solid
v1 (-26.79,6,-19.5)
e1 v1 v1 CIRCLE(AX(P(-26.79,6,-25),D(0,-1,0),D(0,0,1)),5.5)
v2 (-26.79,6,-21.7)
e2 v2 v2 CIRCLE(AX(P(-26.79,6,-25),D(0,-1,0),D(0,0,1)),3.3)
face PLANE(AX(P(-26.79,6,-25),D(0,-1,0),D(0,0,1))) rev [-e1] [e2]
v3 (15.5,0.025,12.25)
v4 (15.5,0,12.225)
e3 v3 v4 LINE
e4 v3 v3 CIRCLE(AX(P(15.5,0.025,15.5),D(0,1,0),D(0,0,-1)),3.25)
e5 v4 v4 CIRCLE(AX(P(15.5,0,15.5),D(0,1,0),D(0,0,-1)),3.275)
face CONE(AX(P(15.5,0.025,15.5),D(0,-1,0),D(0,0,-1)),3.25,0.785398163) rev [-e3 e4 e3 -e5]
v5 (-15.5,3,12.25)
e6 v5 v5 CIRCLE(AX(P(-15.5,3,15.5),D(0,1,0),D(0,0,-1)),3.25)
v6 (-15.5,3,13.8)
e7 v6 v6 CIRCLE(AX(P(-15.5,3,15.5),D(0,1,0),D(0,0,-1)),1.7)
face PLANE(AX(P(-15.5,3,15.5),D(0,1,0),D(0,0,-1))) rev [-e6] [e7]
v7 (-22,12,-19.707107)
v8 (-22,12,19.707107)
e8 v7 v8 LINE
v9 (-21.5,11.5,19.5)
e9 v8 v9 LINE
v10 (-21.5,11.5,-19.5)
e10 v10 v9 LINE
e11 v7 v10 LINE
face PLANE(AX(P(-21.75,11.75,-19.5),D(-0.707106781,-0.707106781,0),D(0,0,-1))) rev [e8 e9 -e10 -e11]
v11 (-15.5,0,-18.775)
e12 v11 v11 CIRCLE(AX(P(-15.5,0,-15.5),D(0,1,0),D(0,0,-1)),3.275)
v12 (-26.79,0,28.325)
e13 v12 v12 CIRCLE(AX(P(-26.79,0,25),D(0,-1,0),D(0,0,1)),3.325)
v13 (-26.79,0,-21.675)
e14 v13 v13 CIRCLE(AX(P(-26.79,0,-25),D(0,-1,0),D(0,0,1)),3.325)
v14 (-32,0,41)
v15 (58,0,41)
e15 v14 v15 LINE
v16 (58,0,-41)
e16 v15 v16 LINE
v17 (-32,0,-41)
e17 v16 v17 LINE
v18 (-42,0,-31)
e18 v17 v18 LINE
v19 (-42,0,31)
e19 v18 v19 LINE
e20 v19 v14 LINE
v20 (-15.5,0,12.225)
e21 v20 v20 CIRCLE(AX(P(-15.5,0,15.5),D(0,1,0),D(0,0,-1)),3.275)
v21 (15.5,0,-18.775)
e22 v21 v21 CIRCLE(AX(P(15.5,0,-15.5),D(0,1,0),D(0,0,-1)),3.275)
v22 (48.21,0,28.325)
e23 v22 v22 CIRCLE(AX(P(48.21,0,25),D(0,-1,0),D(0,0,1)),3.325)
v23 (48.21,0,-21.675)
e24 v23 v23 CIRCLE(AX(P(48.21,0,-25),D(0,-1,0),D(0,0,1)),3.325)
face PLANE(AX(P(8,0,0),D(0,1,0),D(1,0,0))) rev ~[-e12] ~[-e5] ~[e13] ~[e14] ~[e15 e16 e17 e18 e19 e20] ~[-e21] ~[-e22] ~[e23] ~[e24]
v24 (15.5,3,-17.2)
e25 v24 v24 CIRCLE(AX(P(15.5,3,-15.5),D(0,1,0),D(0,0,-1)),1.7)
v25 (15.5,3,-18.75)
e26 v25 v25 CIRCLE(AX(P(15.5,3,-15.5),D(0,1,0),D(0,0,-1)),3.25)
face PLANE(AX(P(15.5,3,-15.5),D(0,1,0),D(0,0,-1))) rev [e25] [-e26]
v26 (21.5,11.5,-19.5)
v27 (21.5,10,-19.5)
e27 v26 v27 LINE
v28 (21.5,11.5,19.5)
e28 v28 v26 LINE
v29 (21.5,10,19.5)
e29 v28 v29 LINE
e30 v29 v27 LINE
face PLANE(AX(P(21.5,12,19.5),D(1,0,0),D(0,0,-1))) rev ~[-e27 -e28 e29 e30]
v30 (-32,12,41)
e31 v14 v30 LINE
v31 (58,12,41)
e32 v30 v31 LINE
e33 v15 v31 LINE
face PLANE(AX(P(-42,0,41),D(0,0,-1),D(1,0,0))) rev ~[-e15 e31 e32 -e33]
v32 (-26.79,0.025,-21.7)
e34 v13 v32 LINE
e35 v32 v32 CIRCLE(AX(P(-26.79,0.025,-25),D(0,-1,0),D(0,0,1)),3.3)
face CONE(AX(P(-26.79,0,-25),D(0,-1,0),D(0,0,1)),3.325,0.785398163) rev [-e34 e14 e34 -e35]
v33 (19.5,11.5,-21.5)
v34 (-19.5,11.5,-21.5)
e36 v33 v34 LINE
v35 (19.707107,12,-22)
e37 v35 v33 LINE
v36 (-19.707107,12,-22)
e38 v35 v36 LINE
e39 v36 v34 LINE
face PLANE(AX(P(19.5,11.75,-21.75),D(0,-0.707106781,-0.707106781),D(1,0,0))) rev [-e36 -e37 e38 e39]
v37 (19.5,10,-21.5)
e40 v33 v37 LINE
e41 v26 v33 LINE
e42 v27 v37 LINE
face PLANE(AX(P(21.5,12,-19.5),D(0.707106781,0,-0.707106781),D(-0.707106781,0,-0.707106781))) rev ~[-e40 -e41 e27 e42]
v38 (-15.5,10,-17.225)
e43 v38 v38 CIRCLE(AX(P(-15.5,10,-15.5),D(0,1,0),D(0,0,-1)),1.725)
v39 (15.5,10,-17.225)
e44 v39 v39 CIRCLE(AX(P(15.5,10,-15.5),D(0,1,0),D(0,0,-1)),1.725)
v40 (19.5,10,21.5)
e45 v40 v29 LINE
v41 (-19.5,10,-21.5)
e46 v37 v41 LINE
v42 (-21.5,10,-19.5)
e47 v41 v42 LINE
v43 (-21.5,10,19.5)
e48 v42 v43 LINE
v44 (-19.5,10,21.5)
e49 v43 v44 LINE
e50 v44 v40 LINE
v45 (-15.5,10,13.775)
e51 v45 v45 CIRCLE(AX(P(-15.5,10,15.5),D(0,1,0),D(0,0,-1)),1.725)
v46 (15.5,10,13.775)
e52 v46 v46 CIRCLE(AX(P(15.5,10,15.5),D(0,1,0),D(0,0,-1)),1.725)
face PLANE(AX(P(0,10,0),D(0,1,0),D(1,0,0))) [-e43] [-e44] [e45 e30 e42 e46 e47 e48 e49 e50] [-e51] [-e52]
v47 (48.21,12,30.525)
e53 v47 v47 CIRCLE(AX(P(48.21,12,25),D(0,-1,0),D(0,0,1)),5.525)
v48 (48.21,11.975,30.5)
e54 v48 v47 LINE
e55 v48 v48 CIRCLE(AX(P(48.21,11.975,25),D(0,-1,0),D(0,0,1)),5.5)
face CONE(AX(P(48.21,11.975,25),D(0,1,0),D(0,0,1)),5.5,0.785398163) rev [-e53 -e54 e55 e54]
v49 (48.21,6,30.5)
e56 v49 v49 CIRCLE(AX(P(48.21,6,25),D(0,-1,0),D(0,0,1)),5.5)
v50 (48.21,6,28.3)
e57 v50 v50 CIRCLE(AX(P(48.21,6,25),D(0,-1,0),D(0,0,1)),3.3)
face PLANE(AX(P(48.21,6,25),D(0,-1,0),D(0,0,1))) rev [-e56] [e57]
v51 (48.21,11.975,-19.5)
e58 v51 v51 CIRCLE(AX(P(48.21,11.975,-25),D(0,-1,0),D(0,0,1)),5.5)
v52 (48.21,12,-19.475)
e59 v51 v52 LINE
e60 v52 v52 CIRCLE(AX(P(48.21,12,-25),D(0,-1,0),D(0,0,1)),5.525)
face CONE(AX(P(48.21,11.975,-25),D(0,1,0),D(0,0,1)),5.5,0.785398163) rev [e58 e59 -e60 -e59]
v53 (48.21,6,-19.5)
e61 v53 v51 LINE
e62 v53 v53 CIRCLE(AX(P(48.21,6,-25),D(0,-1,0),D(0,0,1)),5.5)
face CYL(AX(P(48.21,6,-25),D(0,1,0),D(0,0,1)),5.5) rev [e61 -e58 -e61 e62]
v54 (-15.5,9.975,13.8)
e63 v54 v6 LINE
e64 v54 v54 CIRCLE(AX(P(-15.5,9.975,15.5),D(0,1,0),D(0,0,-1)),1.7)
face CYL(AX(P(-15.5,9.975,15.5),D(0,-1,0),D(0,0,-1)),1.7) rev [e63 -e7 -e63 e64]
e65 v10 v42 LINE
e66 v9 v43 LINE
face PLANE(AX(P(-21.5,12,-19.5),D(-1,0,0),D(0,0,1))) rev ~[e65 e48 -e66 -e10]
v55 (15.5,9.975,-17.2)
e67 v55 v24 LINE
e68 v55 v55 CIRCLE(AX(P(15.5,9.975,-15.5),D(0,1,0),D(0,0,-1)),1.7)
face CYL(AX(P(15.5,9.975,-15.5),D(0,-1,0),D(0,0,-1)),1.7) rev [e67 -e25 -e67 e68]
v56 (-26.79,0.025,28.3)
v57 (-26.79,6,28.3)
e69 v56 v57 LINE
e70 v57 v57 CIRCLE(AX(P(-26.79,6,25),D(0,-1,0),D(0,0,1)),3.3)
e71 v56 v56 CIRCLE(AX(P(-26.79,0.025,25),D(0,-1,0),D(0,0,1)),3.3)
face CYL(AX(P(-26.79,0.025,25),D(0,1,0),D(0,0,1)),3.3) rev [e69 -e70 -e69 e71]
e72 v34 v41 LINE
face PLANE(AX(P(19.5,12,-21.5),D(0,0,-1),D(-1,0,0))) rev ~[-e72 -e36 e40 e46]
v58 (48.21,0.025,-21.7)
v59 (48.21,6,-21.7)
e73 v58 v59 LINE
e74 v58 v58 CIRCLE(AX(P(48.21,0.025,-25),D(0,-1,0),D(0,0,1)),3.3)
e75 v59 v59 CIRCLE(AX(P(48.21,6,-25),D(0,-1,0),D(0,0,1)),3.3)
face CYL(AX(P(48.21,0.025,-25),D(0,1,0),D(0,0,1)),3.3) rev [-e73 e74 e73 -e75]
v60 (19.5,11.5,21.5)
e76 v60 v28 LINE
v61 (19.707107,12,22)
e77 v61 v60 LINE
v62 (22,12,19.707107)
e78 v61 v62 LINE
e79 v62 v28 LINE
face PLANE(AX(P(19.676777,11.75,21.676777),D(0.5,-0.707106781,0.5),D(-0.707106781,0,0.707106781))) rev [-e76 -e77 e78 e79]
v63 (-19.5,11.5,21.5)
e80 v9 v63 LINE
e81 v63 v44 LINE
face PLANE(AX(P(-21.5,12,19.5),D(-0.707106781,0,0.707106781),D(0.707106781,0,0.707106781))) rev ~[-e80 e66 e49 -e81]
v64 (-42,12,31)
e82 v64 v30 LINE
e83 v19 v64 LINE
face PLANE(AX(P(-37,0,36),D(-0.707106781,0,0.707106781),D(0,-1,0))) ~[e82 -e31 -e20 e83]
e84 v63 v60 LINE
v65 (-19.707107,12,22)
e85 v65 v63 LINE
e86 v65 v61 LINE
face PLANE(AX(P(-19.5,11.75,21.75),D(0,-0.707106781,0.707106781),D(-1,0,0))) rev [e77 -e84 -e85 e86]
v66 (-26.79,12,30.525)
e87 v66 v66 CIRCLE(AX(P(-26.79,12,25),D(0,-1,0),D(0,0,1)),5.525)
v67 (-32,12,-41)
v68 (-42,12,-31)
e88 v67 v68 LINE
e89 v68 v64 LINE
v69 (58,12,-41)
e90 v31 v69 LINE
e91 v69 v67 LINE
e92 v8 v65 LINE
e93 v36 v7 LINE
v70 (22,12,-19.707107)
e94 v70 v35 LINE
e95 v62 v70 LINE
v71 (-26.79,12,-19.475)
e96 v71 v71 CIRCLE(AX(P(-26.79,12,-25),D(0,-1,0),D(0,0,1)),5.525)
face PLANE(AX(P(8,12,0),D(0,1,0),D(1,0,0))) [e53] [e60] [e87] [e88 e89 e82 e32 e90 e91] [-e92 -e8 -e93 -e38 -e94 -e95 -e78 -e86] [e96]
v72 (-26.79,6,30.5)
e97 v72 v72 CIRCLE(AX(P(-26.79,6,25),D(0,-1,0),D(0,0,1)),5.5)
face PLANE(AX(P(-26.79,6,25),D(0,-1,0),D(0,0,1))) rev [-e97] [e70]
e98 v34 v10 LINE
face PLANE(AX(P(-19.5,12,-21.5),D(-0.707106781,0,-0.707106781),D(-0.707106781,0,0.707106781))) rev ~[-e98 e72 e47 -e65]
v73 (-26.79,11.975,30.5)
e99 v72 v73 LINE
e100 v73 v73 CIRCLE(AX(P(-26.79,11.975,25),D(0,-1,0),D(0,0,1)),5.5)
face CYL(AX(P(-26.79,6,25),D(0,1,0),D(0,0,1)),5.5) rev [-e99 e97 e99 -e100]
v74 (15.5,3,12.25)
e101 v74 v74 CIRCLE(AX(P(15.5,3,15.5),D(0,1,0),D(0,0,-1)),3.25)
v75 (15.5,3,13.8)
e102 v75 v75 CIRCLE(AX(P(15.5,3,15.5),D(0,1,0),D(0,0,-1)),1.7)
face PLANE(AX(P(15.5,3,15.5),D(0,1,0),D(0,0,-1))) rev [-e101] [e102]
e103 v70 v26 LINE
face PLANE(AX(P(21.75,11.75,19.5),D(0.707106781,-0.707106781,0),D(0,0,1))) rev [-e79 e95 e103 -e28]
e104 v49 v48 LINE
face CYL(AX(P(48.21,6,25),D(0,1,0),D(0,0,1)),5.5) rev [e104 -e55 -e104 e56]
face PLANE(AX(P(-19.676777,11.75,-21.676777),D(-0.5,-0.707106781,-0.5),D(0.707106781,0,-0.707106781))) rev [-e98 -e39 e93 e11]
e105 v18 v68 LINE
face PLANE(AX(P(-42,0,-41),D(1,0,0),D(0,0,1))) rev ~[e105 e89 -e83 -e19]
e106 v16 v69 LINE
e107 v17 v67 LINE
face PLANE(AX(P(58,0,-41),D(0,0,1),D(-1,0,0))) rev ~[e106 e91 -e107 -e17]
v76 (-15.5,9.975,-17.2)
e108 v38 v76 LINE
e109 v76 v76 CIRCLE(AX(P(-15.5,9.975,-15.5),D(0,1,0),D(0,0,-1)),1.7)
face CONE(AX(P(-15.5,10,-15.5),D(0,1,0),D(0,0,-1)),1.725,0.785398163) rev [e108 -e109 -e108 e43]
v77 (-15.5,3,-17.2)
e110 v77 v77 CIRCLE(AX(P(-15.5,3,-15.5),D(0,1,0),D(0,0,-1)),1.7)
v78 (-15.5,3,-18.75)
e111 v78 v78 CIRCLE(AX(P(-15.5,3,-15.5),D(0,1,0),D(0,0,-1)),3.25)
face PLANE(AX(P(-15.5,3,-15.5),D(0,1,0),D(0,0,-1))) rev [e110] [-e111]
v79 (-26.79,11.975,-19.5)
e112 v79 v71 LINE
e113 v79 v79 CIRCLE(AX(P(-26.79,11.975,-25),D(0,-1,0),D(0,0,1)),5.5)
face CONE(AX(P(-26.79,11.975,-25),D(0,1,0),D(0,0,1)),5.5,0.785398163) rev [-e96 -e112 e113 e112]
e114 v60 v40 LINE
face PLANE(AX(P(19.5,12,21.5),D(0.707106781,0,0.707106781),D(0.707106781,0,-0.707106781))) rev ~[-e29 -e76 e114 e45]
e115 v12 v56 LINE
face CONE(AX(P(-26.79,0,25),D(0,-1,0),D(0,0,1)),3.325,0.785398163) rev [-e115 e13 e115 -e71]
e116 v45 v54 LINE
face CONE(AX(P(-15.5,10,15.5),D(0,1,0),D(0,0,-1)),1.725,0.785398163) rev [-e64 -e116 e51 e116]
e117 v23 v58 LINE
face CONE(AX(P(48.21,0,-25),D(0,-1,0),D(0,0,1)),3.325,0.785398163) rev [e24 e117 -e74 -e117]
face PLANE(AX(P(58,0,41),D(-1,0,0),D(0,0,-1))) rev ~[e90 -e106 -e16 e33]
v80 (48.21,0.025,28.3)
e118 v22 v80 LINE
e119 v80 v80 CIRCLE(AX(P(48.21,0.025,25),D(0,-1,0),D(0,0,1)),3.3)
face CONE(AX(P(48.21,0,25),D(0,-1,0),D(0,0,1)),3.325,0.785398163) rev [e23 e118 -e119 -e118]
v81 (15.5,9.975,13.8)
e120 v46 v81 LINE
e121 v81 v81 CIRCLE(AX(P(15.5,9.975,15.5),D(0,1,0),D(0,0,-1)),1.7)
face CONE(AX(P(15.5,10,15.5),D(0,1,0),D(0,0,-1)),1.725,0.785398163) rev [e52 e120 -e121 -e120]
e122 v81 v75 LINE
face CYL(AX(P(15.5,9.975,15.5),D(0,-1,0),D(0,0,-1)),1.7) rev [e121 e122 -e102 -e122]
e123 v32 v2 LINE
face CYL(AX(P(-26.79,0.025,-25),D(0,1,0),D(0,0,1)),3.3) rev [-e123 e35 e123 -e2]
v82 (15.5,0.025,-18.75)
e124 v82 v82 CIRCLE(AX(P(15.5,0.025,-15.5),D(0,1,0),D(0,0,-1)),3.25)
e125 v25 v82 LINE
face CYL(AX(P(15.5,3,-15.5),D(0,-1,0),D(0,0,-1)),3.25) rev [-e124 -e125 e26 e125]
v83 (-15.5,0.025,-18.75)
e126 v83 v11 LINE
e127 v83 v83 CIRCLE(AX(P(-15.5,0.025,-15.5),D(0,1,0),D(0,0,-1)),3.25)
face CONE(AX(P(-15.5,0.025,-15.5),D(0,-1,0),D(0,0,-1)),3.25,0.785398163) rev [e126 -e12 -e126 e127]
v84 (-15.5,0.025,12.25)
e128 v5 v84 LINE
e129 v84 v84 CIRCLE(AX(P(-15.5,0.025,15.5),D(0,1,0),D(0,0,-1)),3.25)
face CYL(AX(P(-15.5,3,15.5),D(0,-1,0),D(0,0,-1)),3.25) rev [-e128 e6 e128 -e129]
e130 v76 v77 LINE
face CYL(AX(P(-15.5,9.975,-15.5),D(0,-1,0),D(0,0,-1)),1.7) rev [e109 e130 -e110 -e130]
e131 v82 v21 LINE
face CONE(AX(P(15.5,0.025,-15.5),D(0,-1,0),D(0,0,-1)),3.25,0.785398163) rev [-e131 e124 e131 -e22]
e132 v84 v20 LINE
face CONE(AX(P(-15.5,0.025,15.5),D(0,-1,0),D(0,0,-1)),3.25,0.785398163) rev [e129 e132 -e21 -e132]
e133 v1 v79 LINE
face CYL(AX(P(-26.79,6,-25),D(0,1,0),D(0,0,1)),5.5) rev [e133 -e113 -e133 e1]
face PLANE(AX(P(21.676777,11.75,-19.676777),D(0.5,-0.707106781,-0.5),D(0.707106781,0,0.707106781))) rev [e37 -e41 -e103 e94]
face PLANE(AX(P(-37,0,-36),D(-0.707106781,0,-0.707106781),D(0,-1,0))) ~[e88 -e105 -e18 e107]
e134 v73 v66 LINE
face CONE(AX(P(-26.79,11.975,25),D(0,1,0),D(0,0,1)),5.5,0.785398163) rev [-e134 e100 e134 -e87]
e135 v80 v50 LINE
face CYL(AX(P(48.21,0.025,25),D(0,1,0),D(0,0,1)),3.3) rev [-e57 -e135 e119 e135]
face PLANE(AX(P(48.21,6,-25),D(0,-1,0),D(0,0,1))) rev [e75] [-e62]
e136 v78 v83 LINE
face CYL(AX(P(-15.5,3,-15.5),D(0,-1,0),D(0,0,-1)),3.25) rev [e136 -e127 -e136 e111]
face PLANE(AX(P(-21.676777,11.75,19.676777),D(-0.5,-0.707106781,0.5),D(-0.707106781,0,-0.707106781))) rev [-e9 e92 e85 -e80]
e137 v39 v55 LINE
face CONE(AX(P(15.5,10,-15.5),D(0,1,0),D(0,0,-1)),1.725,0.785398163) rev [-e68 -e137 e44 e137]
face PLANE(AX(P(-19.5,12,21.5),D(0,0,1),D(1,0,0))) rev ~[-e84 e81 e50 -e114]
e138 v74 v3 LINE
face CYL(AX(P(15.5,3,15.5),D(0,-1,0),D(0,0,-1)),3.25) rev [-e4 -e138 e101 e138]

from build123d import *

# Parameters (mm, degrees)
BOSS_EXTRUDE1_DEPTH           = 12
CBORE_FOR_M6_SHCS1_AT_2_COUNT = 2
CBORE_FOR_M6_SHCS1_AT_2_PITCH = 50
CBORE_FOR_M6_SHCS1_AT_3_COUNT = 2
CBORE_FOR_M6_SHCS1_AT_3_PITCH = 90.138781887
CBORE_FOR_M6_SHCS1_AT_4_COUNT = 2
CBORE_FOR_M6_SHCS1_AT_4_PITCH = 75
CUT_EXTRUDE3_DEPTH            = 2
CBORE_FOR_M3_SHCS1_AT_2_COUNT = 2
CBORE_FOR_M3_SHCS1_AT_2_PITCH = 31
CBORE_FOR_M3_SHCS1_AT_3_COUNT = 2
CBORE_FOR_M3_SHCS1_AT_3_PITCH = 43.840620434
CBORE_FOR_M3_SHCS1_AT_4_COUNT = 2
CBORE_FOR_M3_SHCS1_AT_4_PITCH = 31
CHAMFER1_SIZE                 = 0.5
CHAMFER2_SIZE                 = 10


with BuildPart() as part:
    # Sketch1 → Boss-Extrude1 (new body)
    with BuildSketch(Plane(origin=(0, 0, 0), x_dir=(1, 0, 0), z_dir=(0, 1, 0))):
        Polygon((58, 41), (0, 41), (-42, 41), (-42, -41), (0, -41), (58, -41), align=None)
    extrude(amount=BOSS_EXTRUDE1_DEPTH)

    # Sketch14 → CBORE for M6 SHCS1 (revolve, cut)
    with BuildSketch(Plane(origin=(48.21, 12, -25), x_dir=(0, 0, 1), z_dir=(1, 0, 0))):
        Polygon((0, 0), (0, 12), (3.325, 12), (3.3, 11.975), (3.3, 6), (5.5, 6), (5.5, 0.025), (5.525, 0), align=None)
    cbore_for_m6_shcs1 = revolve(axis=Axis((48.21, 18.35, -25), (0, -1, 0)), mode=Mode.SUBTRACT)

    # CBORE for M6 SHCS1 at 2: CBORE for M6 SHCS1 ×2
    with Locations(*[(0, 0, i * CBORE_FOR_M6_SHCS1_AT_2_PITCH) for i in range(1, CBORE_FOR_M6_SHCS1_AT_2_COUNT)]):
        add(cbore_for_m6_shcs1, mode=Mode.SUBTRACT)

    # CBORE for M6 SHCS1 at 3: CBORE for M6 SHCS1 ×2
    with Locations(*[Vector(-0.8320502943378437, 0, 0.5547001962252291) * (i * CBORE_FOR_M6_SHCS1_AT_3_PITCH) for i in range(1, CBORE_FOR_M6_SHCS1_AT_3_COUNT)]):
        add(cbore_for_m6_shcs1, mode=Mode.SUBTRACT)

    # CBORE for M6 SHCS1 at 4: CBORE for M6 SHCS1 ×2
    with Locations(*[(-i * CBORE_FOR_M6_SHCS1_AT_4_PITCH, 0, 0) for i in range(1, CBORE_FOR_M6_SHCS1_AT_4_COUNT)]):
        add(cbore_for_m6_shcs1, mode=Mode.SUBTRACT)

    # Sketch9 → Cut-Extrude3 (cut)
    with BuildSketch(Plane(origin=(0, 12, 0), x_dir=(1, 0, 0), z_dir=(0, 1, 0))):
        Polygon((21.5, 19.5), (19.5, 21.5), (-19.5, 21.5), (-21.5, 19.5), (-21.5, -19.5), (-19.5, -21.5), (19.5, -21.5), (21.5, -19.5), align=None)
    extrude(amount=-CUT_EXTRUDE3_DEPTH, mode=Mode.SUBTRACT)

    # Sketch12 → CBORE for M3 SHCS1 (revolve, cut)
    with BuildSketch(Plane(origin=(-15.5, 0, -15.5), x_dir=(0, 0, -1), z_dir=(1, 0, 0))):
        Polygon((0, 0), (0, 10), (1.725, 10), (1.7, 9.975), (1.7, 3), (3.25, 3), (3.25, 0.025), (3.275, 0), align=None)
    cbore_for_m3_shcs1 = revolve(axis=Axis((-15.5, -6.35, -15.5), (0, 1, 0)), mode=Mode.SUBTRACT)

    # CBORE for M3 SHCS1 at 2: CBORE for M3 SHCS1 ×2
    with Locations(*[(i * CBORE_FOR_M3_SHCS1_AT_2_PITCH, 0, 0) for i in range(1, CBORE_FOR_M3_SHCS1_AT_2_COUNT)]):
        add(cbore_for_m3_shcs1, mode=Mode.SUBTRACT)

    # CBORE for M3 SHCS1 at 3: CBORE for M3 SHCS1 ×2
    with Locations(*[Vector(0.7071067811865476, 0, 0.7071067811865475) * (i * CBORE_FOR_M3_SHCS1_AT_3_PITCH) for i in range(1, CBORE_FOR_M3_SHCS1_AT_3_COUNT)]):
        add(cbore_for_m3_shcs1, mode=Mode.SUBTRACT)

    # CBORE for M3 SHCS1 at 4: CBORE for M3 SHCS1 ×2
    with Locations(*[(0, 0, i * CBORE_FOR_M3_SHCS1_AT_4_PITCH) for i in range(1, CBORE_FOR_M3_SHCS1_AT_4_COUNT)]):
        add(cbore_for_m3_shcs1, mode=Mode.SUBTRACT)

    # Chamfer1
    chamfer1_edges = [part.edges().sort_by_distance(p)[0] for p in [
        (0, 12, -21.5),
        (21.5, 12, 0),
        (-20.5, 12, -20.5),
        (-21.5, 12, 0),
        (-20.5, 12, 20.5),
        (0, 12, 21.5),
        (20.5, 12, 20.5),
        (20.5, 12, -20.5),
    ]]
    chamfer(chamfer1_edges, length=CHAMFER1_SIZE)

    # Chamfer2
    chamfer2_edges = [part.edges().sort_by_distance(p)[0] for p in [
        (-42, 6, 41),
        (-42, 6, -41),
    ]]
    chamfer(chamfer2_edges, length=CHAMFER2_SIZE)


solid = part.part
